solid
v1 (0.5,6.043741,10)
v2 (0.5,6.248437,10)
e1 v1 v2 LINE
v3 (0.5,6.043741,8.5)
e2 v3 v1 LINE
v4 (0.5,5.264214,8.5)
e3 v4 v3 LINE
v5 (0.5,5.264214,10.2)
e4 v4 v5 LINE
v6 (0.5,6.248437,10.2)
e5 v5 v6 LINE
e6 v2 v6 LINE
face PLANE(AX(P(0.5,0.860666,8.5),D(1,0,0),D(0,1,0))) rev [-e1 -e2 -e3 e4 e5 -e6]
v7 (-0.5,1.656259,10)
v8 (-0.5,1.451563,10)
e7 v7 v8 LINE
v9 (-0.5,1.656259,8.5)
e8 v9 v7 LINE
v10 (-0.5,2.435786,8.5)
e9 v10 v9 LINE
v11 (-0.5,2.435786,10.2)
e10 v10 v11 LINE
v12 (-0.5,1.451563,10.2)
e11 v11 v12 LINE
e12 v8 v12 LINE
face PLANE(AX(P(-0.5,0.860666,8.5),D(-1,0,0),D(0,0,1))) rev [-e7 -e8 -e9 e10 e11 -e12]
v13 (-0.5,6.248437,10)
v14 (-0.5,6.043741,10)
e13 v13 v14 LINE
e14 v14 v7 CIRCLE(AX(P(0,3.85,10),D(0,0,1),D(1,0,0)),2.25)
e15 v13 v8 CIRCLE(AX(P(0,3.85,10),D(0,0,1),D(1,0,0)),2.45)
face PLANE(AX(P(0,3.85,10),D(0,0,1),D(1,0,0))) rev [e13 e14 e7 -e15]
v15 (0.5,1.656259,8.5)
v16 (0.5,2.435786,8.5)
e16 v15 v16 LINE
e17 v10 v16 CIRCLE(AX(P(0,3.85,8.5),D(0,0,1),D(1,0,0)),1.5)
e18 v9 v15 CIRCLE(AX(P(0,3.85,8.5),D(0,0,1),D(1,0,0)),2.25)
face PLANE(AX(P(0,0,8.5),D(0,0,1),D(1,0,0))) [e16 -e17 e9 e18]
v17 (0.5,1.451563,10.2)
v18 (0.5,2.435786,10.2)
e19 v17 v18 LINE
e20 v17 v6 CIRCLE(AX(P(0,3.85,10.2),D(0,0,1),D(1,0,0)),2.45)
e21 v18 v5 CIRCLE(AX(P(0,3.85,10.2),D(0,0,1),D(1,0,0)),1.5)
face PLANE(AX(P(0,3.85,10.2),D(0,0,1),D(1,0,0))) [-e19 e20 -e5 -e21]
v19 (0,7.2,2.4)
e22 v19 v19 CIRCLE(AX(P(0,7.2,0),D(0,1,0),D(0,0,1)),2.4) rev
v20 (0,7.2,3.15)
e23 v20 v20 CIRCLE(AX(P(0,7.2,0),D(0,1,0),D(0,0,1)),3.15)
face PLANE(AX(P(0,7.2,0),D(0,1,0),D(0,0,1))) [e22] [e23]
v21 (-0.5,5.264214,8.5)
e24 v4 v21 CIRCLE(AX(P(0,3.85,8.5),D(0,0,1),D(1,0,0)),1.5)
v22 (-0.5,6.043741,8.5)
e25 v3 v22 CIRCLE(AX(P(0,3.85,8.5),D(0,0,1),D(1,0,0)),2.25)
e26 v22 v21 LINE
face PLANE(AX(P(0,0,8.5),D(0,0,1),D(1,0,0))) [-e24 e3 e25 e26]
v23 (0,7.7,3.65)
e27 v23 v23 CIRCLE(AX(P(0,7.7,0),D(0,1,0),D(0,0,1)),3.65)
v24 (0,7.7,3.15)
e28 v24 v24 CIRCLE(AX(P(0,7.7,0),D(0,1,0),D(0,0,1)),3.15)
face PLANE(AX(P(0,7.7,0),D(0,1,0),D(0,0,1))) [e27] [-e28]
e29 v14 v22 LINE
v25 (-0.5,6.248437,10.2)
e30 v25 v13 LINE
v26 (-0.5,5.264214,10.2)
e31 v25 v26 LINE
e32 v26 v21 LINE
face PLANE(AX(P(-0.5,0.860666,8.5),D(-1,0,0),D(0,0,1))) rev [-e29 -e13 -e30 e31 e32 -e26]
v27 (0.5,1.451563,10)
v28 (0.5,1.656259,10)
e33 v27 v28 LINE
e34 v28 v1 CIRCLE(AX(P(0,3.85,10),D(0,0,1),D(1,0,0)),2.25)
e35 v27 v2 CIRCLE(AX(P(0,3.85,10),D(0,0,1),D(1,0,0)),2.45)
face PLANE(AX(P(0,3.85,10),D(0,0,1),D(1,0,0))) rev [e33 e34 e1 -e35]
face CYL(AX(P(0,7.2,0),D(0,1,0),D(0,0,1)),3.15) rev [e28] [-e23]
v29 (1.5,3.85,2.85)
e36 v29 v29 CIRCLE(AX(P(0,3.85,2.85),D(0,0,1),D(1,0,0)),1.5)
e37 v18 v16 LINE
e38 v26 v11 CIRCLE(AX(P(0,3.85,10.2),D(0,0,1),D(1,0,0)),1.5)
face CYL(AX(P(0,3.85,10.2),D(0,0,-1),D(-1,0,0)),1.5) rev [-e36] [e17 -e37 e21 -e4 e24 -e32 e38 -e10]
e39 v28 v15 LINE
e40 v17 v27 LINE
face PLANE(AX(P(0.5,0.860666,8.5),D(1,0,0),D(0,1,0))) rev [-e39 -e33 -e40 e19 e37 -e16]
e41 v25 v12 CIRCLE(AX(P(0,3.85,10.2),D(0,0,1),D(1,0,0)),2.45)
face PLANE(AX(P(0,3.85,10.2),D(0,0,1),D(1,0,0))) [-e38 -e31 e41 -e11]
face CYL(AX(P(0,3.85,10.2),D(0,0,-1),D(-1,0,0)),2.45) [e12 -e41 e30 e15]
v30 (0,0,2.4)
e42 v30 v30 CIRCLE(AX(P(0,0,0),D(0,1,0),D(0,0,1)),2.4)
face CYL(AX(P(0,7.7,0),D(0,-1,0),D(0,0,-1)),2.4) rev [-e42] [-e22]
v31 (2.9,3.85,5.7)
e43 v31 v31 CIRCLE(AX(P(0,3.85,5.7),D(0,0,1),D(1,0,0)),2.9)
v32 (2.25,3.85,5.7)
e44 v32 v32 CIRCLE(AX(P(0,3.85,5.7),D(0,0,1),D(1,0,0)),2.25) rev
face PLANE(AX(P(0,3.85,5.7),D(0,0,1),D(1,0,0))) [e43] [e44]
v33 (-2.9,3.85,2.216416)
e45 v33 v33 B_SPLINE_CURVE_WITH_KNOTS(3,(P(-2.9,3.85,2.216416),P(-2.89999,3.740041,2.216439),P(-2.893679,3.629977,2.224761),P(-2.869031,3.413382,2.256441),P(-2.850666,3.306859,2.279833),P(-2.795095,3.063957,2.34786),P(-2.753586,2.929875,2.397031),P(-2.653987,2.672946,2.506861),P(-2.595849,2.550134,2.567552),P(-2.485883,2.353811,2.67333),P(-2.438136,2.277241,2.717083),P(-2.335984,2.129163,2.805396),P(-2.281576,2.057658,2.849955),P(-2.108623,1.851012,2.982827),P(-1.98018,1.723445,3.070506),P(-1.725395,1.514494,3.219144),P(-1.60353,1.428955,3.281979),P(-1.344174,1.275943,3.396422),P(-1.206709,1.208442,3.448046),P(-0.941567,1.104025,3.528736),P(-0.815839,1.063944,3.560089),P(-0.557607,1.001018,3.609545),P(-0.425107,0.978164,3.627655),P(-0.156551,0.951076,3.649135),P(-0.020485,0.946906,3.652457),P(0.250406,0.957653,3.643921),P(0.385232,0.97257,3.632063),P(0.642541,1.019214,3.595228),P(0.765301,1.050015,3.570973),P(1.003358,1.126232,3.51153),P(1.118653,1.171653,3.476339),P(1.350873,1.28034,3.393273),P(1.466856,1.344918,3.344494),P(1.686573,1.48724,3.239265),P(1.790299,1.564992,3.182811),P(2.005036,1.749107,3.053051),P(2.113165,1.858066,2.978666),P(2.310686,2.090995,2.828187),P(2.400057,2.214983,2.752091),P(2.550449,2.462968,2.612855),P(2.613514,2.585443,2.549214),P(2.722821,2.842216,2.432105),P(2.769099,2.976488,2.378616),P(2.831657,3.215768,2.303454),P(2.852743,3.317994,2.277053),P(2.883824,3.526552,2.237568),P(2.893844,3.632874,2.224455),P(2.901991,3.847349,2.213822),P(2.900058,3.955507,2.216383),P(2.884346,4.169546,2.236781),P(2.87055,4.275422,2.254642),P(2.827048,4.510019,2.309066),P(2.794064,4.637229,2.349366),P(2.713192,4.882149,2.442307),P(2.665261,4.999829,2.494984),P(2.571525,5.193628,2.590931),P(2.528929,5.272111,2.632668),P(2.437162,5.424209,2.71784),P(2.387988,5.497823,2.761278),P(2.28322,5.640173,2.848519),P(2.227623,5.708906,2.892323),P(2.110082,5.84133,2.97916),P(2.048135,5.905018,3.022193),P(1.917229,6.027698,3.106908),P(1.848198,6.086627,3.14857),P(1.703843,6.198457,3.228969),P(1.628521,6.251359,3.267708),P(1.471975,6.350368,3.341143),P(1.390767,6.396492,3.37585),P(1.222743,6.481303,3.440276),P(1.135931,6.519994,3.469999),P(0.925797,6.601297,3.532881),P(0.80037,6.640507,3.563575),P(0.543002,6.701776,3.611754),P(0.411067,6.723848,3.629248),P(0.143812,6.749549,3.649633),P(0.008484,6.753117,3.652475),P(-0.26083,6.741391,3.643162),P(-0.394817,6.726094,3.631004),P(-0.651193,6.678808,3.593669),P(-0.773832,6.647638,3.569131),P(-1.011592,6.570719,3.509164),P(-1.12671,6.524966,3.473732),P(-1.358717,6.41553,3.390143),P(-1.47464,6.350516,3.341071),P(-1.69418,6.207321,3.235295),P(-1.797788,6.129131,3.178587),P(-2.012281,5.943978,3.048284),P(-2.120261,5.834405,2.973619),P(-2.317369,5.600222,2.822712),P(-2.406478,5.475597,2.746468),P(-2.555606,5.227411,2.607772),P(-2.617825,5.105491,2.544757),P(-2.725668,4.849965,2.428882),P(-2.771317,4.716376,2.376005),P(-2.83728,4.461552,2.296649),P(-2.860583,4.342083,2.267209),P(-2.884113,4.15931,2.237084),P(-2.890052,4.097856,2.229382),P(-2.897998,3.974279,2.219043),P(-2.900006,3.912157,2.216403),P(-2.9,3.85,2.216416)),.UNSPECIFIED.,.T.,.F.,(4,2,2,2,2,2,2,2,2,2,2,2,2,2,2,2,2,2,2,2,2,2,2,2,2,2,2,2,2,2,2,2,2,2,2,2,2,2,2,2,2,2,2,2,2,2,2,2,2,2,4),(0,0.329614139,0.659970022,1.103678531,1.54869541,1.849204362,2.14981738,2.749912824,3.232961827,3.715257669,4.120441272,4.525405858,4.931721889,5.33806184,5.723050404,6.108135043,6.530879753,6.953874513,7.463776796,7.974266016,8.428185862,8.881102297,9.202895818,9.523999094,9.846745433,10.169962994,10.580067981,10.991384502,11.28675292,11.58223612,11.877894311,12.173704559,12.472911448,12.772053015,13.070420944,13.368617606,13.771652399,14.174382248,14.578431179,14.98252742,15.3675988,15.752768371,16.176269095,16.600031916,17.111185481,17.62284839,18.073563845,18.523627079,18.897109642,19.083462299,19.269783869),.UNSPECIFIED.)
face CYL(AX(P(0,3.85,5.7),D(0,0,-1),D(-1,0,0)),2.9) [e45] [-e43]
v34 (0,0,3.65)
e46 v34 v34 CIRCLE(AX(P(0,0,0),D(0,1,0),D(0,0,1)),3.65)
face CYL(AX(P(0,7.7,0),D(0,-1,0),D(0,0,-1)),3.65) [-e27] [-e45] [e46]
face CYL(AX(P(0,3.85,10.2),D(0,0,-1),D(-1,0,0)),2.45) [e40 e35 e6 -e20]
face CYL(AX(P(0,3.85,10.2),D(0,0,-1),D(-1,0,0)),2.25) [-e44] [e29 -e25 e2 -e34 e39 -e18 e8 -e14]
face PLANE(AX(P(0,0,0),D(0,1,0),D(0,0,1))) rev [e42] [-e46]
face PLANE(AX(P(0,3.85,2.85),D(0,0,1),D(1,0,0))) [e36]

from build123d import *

# Parameters (mm, degrees)
SKETCH1_R           = 3.65
SKETCH1_R_2         = 2.4
BOSS_EXTRUDE1_DEPTH = 7.7
SKETCH2_R           = 3.15
SKETCH2_R_2         = 2.4
CUT_EXTRUDE1_DEPTH  = 0.5
SKETCH4_R           = 2.9
BOSS_EXTRUDE2_DEPTH = 5.7
SKETCH5_R           = 2.25
BOSS_EXTRUDE3_DEPTH = 10.2
SKETCH8_R           = 2.4
CUT_EXTRUDE5_DEPTH  = 8.2000001
SKETCH14_R          = 2.45
SKETCH14_R_2        = 2.25
BOSS_EXTRUDE5_DEPTH = 0.2
SKETCH10_R          = 1.5
CUT_EXTRUDE6_DEPTH  = 8.35
SKETCH7_W           = 1
SKETCH7_H           = 5.978668982
CUT_EXTRUDE7_DEPTH  = 1.7


with BuildPart() as part:
    # Sketch1 → Boss-Extrude1 (new body)
    with BuildSketch(Plane(origin=(0, 0, 0), x_dir=(1, 0, 0), z_dir=(0, 1, 0))):
        Circle(SKETCH1_R)
        Circle(SKETCH1_R_2, mode=Mode.SUBTRACT)
    extrude(amount=BOSS_EXTRUDE1_DEPTH)

    # Sketch2 → Cut-Extrude1 (cut)
    with BuildSketch(Plane(origin=(0, 7.7, 0), x_dir=(1, 0, 0), z_dir=(0, 1, 0))):
        Circle(SKETCH2_R)
        Circle(SKETCH2_R_2, mode=Mode.SUBTRACT)
    extrude(amount=-CUT_EXTRUDE1_DEPTH, mode=Mode.SUBTRACT)

    # Sketch4 → Boss-Extrude2 (add)
    with BuildSketch(Plane.XY):
        with Locations((0, 3.85)):
            Circle(SKETCH4_R)
    extrude(amount=BOSS_EXTRUDE2_DEPTH)

    # Sketch5 → Boss-Extrude3 (add)
    with BuildSketch(Plane.XY):
        with Locations((0, 3.85)):
            Circle(SKETCH5_R)
    extrude(amount=BOSS_EXTRUDE3_DEPTH)

    # Sketch8 → Cut-Extrude5 (cut, through all)
    with BuildSketch(Plane(origin=(0, 7.2, 0), x_dir=(1, 0, 0), z_dir=(0, 1, 0))):
        Circle(SKETCH8_R)
    extrude(amount=-CUT_EXTRUDE5_DEPTH, mode=Mode.SUBTRACT)

    # Sketch14 → Boss-Extrude5 (add)
    with BuildSketch(Plane.XY.offset(10)):
        with Locations((0, 3.85)):
            Circle(SKETCH14_R)
        with Locations((0, 3.85)):
            Circle(SKETCH14_R_2, mode=Mode.SUBTRACT)
    extrude(amount=BOSS_EXTRUDE5_DEPTH)

    # Sketch10 → Cut-Extrude6 (cut, through all)
    with BuildSketch(Plane.XY.offset(2.85)):
        with Locations((0, 3.85)):
            Circle(SKETCH10_R)
    extrude(amount=CUT_EXTRUDE6_DEPTH, mode=Mode.SUBTRACT)

    # Sketch7 → Cut-Extrude7 (cut)
    with BuildSketch(Plane.XY.offset(10.2)):
        with Locations((0, 3.85)):
            Rectangle(SKETCH7_W, SKETCH7_H)
    extrude(amount=-CUT_EXTRUDE7_DEPTH, mode=Mode.SUBTRACT)


solid = part.part
